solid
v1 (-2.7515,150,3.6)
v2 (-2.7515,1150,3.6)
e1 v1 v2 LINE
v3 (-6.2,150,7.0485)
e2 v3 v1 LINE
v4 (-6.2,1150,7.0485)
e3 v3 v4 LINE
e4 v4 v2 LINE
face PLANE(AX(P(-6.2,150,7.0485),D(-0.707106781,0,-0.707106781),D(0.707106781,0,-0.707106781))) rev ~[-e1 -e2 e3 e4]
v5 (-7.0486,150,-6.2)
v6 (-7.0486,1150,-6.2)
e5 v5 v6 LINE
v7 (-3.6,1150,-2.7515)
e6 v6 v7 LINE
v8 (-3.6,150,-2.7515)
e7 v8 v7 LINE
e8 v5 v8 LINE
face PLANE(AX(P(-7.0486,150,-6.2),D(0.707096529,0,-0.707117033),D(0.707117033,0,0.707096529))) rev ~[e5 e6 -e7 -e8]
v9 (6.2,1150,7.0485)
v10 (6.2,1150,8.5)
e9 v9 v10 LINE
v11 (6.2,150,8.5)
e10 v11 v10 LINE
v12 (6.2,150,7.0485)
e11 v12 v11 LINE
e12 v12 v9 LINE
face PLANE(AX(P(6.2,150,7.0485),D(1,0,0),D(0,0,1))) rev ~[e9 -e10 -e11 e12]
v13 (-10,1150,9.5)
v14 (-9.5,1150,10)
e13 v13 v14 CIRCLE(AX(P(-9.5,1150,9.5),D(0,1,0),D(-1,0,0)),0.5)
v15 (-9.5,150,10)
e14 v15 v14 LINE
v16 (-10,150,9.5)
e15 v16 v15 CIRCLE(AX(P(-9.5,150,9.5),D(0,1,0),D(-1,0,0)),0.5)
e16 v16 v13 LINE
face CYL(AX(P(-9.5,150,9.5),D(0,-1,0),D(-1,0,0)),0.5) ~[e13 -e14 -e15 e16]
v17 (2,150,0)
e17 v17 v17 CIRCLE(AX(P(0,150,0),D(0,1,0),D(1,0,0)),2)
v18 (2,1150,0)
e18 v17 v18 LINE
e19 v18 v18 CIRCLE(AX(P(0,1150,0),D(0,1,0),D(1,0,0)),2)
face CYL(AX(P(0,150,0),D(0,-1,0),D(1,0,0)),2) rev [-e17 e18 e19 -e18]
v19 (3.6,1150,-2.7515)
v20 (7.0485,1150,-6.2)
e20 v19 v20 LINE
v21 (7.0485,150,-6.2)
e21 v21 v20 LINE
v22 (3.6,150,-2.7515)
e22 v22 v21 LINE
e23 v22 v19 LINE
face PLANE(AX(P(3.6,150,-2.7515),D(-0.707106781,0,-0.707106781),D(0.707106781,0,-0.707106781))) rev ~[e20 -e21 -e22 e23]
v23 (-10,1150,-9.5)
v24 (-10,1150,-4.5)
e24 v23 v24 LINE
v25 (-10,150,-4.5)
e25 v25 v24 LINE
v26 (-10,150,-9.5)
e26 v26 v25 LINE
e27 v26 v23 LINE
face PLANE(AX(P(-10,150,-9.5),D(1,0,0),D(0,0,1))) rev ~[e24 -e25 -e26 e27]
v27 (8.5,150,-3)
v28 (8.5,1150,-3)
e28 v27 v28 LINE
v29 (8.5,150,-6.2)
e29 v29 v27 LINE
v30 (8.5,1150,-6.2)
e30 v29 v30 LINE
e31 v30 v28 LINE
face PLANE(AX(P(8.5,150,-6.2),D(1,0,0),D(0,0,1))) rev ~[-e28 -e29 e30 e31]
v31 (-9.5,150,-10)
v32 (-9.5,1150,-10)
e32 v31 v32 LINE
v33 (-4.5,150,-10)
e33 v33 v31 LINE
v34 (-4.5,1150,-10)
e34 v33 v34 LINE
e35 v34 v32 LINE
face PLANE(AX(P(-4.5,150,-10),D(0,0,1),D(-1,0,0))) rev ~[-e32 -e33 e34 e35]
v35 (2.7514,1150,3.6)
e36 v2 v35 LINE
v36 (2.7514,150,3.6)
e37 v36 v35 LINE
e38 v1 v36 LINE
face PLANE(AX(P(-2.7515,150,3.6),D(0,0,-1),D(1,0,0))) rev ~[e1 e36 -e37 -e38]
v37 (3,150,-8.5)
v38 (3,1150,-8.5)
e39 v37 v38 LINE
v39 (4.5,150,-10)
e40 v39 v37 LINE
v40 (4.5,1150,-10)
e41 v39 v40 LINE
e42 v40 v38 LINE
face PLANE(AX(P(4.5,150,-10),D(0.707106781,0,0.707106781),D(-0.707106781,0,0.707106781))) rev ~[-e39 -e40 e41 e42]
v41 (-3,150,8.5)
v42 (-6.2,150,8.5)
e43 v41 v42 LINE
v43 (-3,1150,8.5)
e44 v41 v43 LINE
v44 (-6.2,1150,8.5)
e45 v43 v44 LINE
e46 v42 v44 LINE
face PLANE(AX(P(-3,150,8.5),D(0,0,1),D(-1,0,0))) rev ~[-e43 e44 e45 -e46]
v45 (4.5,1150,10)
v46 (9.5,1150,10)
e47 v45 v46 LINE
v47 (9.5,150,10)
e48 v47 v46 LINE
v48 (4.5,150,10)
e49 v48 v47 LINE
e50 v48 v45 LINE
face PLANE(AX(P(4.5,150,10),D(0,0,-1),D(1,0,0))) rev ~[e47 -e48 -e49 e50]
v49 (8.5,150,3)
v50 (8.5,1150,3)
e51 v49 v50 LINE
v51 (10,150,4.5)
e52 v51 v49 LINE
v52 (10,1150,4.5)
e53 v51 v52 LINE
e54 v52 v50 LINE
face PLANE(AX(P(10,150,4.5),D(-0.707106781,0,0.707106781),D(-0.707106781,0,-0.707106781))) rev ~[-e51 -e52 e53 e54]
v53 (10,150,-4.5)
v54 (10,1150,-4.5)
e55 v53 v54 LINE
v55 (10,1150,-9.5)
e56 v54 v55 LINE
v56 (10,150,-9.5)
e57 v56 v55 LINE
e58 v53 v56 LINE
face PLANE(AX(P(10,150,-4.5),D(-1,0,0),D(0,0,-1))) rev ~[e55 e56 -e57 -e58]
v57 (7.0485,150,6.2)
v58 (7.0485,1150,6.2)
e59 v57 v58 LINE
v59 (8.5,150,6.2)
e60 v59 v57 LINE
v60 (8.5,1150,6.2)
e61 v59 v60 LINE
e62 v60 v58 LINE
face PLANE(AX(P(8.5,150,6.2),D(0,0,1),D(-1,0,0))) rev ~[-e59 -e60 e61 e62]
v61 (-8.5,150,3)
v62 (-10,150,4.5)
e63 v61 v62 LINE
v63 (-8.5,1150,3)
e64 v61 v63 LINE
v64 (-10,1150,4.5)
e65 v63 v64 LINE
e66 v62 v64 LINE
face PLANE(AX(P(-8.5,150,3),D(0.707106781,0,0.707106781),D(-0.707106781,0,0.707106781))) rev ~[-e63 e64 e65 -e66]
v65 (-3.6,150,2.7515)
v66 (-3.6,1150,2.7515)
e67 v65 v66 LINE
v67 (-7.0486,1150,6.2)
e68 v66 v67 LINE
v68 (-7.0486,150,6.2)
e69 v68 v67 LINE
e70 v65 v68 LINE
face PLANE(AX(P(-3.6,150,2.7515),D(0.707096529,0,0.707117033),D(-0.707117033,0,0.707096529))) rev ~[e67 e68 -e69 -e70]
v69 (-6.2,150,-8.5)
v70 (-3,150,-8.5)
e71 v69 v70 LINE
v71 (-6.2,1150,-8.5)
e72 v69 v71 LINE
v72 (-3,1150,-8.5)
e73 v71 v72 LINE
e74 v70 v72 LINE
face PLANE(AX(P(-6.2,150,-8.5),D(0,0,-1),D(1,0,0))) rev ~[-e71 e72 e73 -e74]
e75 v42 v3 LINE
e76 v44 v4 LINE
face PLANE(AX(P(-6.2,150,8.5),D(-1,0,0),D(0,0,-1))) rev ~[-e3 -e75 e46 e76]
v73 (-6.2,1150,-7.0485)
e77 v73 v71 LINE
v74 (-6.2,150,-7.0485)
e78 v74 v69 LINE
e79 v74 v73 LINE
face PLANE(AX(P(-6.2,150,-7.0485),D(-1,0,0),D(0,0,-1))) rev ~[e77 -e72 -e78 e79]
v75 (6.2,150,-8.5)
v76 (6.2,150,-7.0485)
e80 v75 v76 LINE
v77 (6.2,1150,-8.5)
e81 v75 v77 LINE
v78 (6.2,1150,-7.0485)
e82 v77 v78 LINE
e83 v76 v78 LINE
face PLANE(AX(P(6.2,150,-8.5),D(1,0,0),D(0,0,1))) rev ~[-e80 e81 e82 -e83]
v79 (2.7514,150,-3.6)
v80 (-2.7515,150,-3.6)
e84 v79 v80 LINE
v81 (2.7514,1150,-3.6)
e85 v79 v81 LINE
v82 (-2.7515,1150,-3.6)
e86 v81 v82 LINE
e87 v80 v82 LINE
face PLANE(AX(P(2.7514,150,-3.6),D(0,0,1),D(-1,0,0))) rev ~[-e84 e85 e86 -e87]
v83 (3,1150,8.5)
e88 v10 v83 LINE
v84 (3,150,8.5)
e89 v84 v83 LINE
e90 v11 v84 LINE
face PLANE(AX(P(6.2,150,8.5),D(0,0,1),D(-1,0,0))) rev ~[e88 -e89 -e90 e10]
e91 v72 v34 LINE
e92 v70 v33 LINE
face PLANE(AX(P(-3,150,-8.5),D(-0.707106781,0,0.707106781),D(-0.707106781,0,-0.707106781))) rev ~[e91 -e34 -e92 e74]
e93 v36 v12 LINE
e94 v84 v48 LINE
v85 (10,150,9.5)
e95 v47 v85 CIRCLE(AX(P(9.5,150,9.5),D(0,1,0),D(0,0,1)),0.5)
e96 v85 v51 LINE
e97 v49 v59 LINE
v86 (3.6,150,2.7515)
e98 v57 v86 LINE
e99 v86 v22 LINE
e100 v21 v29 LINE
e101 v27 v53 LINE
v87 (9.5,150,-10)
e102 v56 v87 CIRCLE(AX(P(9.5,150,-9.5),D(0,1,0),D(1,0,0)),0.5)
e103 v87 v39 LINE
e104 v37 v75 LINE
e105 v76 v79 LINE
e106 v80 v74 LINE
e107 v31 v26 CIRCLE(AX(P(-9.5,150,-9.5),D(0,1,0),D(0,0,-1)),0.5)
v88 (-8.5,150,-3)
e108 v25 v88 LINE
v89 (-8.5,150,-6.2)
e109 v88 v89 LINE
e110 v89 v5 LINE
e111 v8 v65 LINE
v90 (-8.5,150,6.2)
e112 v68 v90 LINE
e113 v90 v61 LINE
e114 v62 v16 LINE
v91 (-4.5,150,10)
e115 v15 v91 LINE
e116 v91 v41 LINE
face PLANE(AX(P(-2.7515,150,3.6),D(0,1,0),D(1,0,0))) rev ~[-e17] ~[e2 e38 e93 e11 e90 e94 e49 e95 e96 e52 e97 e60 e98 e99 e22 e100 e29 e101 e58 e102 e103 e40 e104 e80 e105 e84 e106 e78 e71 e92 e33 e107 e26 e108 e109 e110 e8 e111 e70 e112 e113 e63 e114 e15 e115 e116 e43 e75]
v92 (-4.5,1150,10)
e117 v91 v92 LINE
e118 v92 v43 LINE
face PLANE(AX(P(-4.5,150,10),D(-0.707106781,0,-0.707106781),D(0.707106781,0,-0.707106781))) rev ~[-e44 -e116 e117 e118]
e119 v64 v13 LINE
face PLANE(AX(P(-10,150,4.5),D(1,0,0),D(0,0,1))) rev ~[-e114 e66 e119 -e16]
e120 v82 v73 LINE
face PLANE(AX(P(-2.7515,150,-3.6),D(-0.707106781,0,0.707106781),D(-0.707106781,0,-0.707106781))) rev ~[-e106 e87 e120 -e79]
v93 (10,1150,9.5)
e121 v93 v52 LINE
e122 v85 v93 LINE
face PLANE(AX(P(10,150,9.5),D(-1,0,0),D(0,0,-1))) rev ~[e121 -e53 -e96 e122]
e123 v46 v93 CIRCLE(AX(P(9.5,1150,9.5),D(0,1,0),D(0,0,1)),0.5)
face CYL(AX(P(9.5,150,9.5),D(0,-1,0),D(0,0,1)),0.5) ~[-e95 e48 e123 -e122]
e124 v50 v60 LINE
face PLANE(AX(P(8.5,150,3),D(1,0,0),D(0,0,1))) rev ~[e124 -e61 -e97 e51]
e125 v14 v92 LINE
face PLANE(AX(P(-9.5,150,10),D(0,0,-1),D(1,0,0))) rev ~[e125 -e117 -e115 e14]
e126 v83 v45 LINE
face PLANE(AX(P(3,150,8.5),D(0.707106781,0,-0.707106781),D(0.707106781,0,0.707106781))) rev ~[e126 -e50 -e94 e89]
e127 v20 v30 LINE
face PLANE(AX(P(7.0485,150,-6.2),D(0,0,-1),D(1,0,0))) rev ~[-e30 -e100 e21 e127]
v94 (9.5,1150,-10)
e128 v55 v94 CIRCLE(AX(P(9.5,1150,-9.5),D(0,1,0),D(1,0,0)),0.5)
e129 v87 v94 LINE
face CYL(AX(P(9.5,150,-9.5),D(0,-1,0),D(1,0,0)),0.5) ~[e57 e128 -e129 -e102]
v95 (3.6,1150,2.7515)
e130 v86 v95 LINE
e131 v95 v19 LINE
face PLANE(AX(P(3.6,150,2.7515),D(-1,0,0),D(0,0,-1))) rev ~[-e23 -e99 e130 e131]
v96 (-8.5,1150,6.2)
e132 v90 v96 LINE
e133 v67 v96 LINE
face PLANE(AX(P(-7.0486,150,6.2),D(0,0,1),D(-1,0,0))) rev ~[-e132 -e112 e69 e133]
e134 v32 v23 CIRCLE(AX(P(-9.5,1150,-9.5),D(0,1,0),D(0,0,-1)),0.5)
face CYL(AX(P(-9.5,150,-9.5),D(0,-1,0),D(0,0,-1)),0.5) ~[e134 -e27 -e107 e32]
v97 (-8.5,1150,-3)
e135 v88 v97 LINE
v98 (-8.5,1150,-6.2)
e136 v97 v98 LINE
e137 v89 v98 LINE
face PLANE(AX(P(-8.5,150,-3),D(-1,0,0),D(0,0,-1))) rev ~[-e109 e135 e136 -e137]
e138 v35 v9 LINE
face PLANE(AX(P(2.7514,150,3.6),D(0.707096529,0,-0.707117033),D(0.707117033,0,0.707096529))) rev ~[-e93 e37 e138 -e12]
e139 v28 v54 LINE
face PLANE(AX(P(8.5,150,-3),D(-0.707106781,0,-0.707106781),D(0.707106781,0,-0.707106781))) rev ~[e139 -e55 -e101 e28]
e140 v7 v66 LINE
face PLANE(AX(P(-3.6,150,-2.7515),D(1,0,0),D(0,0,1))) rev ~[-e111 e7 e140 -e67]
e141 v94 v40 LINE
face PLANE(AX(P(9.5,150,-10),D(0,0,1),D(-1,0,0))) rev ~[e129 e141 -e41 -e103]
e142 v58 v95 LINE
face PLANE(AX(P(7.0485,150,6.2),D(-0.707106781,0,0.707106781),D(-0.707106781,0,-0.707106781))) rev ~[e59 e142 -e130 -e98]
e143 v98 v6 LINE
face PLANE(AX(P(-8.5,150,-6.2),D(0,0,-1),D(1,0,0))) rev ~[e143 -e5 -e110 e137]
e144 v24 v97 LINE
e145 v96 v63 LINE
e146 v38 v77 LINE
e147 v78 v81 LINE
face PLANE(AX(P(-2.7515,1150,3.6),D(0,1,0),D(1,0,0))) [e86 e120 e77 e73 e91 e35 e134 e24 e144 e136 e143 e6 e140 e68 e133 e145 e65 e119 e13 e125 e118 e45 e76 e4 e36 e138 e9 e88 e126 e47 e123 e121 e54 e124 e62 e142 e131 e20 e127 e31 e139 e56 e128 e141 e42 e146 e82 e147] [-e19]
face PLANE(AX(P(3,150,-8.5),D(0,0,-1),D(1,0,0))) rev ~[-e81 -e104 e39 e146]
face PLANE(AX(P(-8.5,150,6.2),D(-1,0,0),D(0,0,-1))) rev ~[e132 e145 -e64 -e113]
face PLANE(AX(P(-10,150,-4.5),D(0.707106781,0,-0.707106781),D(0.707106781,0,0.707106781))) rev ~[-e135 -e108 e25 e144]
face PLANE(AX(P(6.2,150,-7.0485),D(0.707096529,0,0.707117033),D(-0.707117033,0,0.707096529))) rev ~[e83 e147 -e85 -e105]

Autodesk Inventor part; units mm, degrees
ref_plane "YZ Plane" through (0, 0, 0) normal (1, 0, 0) x (0, 1, 0)
ref_plane "XZ Plane" through (0, 0, 0) normal (0, 1, 0) x (-1, 0, 0)
ref_plane "Work Plane1" through (-2.7515, 150, 3.6) normal (0, 1, 0) x (1, 0, 0)
sketch "Sketch1" plane through (-2.7515, 150, 3.6) normal (0, 1, 0) x (1, 0, 0)
  arc A0 (-6.7485, 13.6) -> (-7.2485, 13.1) centre (-6.7485, 13.1) ccw projected
  line L0 (-7.2485, 13.1) -> (-7.2485, 8.1) projected
  line L1 (-7.2485, 8.1) -> (-5.7485, 6.6) projected
  line L2 (-5.7485, 6.6) -> (-5.7485, 9.8) projected
  line L3 (-5.7485, 9.8) -> (-4.2971, 9.8) projected
  line L4 (-4.2971, 9.8) -> (-0.8485, 6.3515) projected
  line L5 (-0.8485, 6.3515) -> (-0.8485, 0.8485) projected
  line L6 (-0.8485, 0.8485) -> (-4.2971, -2.6) projected
  line L7 (-4.2971, -2.6) -> (-5.7485, -2.6) projected
  line L8 (-5.7485, -2.6) -> (-5.7485, 0.6) projected
  line L9 (-5.7485, 0.6) -> (-7.2485, -0.9) projected
  line L10 (-7.2485, -0.9) -> (-7.2485, -5.9) projected
  arc A1 (-7.2485, -5.9) -> (-6.7485, -6.4) centre (-6.7485, -5.9) ccw projected
  line L11 (-6.7485, -6.4) -> (-1.7485, -6.4) projected
  line L12 (-1.7485, -6.4) -> (-0.2485, -4.9) projected
  line L13 (-0.2485, -4.9) -> (-3.4485, -4.9) projected
  line L14 (-3.4485, -4.9) -> (-3.4485, -3.4485) projected
  line L15 (-3.4485, -3.4485) -> (0, 0) projected
  line L16 (0, 0) -> (5.5029, 0) projected
  line L17 (5.5029, 0) -> (8.9515, -3.4485) projected
  line L18 (8.9515, -3.4485) -> (8.9515, -4.9) projected
  line L19 (8.9515, -4.9) -> (5.7515, -4.9) projected
  line L20 (5.7515, -4.9) -> (7.2515, -6.4) projected
  line L21 (7.2515, -6.4) -> (12.2515, -6.4) projected
  arc A2 (12.2515, -6.4) -> (12.7515, -5.9) centre (12.2515, -5.9) ccw projected
  line L22 (12.7515, -5.9) -> (12.7515, -0.9) projected
  line L23 (12.7515, -0.9) -> (11.2515, 0.6) projected
  line L24 (11.2515, 0.6) -> (11.2515, -2.6) projected
  line L25 (11.2515, -2.6) -> (9.8, -2.6) projected
  line L26 (9.8, -2.6) -> (6.3515, 0.8485) projected
  line L27 (6.3515, 0.8485) -> (6.3515, 6.3515) projected
  line L28 (6.3515, 6.3515) -> (9.8, 9.8) projected
  line L29 (9.8, 9.8) -> (11.2515, 9.8) projected
  line L30 (11.2515, 9.8) -> (11.2515, 6.6) projected
  line L31 (11.2515, 6.6) -> (12.7515, 8.1) projected
  line L32 (12.7515, 8.1) -> (12.7515, 13.1) projected
  arc A3 (12.7515, 13.1) -> (12.2515, 13.6) centre (12.2515, 13.1) ccw projected
  line L33 (12.2515, 13.6) -> (7.2515, 13.6) projected
  line L34 (7.2515, 13.6) -> (5.7515, 12.1) projected
  line L35 (5.7515, 12.1) -> (8.9515, 12.1) projected
  line L36 (8.9515, 12.1) -> (8.9515, 10.6485) projected
  line L37 (8.9515, 10.6485) -> (5.5029, 7.2) projected
  line L38 (5.5029, 7.2) -> (0, 7.2) projected
  line L39 (0, 7.2) -> (-3.4485, 10.6485) projected
  line L40 (-3.4485, 10.6485) -> (-3.4485, 12.1) projected
  line L41 (-3.4485, 12.1) -> (-0.2485, 12.1) projected
  line L42 (-0.2485, 12.1) -> (-1.7485, 13.6) projected
  line L43 (-1.7485, 13.6) -> (-6.7485, 13.6) projected
  circle A4 centre (2.7515, 3.6) radius 2 projected
extrude "Extrusion1" add sketch "Sketch1" along normal blind 1000
ref_plane "Work Plane2" through (0, 150, -9.5) normal (1, 0, 0) x (0, 0, -1)
ref_plane "Work Plane3" through (-4.5, 150, 0) normal (0, 0, 1) x (1, 0, 0)
properties part number "20x20mmx150mm alminum profile" material "Aluminum 6061"
